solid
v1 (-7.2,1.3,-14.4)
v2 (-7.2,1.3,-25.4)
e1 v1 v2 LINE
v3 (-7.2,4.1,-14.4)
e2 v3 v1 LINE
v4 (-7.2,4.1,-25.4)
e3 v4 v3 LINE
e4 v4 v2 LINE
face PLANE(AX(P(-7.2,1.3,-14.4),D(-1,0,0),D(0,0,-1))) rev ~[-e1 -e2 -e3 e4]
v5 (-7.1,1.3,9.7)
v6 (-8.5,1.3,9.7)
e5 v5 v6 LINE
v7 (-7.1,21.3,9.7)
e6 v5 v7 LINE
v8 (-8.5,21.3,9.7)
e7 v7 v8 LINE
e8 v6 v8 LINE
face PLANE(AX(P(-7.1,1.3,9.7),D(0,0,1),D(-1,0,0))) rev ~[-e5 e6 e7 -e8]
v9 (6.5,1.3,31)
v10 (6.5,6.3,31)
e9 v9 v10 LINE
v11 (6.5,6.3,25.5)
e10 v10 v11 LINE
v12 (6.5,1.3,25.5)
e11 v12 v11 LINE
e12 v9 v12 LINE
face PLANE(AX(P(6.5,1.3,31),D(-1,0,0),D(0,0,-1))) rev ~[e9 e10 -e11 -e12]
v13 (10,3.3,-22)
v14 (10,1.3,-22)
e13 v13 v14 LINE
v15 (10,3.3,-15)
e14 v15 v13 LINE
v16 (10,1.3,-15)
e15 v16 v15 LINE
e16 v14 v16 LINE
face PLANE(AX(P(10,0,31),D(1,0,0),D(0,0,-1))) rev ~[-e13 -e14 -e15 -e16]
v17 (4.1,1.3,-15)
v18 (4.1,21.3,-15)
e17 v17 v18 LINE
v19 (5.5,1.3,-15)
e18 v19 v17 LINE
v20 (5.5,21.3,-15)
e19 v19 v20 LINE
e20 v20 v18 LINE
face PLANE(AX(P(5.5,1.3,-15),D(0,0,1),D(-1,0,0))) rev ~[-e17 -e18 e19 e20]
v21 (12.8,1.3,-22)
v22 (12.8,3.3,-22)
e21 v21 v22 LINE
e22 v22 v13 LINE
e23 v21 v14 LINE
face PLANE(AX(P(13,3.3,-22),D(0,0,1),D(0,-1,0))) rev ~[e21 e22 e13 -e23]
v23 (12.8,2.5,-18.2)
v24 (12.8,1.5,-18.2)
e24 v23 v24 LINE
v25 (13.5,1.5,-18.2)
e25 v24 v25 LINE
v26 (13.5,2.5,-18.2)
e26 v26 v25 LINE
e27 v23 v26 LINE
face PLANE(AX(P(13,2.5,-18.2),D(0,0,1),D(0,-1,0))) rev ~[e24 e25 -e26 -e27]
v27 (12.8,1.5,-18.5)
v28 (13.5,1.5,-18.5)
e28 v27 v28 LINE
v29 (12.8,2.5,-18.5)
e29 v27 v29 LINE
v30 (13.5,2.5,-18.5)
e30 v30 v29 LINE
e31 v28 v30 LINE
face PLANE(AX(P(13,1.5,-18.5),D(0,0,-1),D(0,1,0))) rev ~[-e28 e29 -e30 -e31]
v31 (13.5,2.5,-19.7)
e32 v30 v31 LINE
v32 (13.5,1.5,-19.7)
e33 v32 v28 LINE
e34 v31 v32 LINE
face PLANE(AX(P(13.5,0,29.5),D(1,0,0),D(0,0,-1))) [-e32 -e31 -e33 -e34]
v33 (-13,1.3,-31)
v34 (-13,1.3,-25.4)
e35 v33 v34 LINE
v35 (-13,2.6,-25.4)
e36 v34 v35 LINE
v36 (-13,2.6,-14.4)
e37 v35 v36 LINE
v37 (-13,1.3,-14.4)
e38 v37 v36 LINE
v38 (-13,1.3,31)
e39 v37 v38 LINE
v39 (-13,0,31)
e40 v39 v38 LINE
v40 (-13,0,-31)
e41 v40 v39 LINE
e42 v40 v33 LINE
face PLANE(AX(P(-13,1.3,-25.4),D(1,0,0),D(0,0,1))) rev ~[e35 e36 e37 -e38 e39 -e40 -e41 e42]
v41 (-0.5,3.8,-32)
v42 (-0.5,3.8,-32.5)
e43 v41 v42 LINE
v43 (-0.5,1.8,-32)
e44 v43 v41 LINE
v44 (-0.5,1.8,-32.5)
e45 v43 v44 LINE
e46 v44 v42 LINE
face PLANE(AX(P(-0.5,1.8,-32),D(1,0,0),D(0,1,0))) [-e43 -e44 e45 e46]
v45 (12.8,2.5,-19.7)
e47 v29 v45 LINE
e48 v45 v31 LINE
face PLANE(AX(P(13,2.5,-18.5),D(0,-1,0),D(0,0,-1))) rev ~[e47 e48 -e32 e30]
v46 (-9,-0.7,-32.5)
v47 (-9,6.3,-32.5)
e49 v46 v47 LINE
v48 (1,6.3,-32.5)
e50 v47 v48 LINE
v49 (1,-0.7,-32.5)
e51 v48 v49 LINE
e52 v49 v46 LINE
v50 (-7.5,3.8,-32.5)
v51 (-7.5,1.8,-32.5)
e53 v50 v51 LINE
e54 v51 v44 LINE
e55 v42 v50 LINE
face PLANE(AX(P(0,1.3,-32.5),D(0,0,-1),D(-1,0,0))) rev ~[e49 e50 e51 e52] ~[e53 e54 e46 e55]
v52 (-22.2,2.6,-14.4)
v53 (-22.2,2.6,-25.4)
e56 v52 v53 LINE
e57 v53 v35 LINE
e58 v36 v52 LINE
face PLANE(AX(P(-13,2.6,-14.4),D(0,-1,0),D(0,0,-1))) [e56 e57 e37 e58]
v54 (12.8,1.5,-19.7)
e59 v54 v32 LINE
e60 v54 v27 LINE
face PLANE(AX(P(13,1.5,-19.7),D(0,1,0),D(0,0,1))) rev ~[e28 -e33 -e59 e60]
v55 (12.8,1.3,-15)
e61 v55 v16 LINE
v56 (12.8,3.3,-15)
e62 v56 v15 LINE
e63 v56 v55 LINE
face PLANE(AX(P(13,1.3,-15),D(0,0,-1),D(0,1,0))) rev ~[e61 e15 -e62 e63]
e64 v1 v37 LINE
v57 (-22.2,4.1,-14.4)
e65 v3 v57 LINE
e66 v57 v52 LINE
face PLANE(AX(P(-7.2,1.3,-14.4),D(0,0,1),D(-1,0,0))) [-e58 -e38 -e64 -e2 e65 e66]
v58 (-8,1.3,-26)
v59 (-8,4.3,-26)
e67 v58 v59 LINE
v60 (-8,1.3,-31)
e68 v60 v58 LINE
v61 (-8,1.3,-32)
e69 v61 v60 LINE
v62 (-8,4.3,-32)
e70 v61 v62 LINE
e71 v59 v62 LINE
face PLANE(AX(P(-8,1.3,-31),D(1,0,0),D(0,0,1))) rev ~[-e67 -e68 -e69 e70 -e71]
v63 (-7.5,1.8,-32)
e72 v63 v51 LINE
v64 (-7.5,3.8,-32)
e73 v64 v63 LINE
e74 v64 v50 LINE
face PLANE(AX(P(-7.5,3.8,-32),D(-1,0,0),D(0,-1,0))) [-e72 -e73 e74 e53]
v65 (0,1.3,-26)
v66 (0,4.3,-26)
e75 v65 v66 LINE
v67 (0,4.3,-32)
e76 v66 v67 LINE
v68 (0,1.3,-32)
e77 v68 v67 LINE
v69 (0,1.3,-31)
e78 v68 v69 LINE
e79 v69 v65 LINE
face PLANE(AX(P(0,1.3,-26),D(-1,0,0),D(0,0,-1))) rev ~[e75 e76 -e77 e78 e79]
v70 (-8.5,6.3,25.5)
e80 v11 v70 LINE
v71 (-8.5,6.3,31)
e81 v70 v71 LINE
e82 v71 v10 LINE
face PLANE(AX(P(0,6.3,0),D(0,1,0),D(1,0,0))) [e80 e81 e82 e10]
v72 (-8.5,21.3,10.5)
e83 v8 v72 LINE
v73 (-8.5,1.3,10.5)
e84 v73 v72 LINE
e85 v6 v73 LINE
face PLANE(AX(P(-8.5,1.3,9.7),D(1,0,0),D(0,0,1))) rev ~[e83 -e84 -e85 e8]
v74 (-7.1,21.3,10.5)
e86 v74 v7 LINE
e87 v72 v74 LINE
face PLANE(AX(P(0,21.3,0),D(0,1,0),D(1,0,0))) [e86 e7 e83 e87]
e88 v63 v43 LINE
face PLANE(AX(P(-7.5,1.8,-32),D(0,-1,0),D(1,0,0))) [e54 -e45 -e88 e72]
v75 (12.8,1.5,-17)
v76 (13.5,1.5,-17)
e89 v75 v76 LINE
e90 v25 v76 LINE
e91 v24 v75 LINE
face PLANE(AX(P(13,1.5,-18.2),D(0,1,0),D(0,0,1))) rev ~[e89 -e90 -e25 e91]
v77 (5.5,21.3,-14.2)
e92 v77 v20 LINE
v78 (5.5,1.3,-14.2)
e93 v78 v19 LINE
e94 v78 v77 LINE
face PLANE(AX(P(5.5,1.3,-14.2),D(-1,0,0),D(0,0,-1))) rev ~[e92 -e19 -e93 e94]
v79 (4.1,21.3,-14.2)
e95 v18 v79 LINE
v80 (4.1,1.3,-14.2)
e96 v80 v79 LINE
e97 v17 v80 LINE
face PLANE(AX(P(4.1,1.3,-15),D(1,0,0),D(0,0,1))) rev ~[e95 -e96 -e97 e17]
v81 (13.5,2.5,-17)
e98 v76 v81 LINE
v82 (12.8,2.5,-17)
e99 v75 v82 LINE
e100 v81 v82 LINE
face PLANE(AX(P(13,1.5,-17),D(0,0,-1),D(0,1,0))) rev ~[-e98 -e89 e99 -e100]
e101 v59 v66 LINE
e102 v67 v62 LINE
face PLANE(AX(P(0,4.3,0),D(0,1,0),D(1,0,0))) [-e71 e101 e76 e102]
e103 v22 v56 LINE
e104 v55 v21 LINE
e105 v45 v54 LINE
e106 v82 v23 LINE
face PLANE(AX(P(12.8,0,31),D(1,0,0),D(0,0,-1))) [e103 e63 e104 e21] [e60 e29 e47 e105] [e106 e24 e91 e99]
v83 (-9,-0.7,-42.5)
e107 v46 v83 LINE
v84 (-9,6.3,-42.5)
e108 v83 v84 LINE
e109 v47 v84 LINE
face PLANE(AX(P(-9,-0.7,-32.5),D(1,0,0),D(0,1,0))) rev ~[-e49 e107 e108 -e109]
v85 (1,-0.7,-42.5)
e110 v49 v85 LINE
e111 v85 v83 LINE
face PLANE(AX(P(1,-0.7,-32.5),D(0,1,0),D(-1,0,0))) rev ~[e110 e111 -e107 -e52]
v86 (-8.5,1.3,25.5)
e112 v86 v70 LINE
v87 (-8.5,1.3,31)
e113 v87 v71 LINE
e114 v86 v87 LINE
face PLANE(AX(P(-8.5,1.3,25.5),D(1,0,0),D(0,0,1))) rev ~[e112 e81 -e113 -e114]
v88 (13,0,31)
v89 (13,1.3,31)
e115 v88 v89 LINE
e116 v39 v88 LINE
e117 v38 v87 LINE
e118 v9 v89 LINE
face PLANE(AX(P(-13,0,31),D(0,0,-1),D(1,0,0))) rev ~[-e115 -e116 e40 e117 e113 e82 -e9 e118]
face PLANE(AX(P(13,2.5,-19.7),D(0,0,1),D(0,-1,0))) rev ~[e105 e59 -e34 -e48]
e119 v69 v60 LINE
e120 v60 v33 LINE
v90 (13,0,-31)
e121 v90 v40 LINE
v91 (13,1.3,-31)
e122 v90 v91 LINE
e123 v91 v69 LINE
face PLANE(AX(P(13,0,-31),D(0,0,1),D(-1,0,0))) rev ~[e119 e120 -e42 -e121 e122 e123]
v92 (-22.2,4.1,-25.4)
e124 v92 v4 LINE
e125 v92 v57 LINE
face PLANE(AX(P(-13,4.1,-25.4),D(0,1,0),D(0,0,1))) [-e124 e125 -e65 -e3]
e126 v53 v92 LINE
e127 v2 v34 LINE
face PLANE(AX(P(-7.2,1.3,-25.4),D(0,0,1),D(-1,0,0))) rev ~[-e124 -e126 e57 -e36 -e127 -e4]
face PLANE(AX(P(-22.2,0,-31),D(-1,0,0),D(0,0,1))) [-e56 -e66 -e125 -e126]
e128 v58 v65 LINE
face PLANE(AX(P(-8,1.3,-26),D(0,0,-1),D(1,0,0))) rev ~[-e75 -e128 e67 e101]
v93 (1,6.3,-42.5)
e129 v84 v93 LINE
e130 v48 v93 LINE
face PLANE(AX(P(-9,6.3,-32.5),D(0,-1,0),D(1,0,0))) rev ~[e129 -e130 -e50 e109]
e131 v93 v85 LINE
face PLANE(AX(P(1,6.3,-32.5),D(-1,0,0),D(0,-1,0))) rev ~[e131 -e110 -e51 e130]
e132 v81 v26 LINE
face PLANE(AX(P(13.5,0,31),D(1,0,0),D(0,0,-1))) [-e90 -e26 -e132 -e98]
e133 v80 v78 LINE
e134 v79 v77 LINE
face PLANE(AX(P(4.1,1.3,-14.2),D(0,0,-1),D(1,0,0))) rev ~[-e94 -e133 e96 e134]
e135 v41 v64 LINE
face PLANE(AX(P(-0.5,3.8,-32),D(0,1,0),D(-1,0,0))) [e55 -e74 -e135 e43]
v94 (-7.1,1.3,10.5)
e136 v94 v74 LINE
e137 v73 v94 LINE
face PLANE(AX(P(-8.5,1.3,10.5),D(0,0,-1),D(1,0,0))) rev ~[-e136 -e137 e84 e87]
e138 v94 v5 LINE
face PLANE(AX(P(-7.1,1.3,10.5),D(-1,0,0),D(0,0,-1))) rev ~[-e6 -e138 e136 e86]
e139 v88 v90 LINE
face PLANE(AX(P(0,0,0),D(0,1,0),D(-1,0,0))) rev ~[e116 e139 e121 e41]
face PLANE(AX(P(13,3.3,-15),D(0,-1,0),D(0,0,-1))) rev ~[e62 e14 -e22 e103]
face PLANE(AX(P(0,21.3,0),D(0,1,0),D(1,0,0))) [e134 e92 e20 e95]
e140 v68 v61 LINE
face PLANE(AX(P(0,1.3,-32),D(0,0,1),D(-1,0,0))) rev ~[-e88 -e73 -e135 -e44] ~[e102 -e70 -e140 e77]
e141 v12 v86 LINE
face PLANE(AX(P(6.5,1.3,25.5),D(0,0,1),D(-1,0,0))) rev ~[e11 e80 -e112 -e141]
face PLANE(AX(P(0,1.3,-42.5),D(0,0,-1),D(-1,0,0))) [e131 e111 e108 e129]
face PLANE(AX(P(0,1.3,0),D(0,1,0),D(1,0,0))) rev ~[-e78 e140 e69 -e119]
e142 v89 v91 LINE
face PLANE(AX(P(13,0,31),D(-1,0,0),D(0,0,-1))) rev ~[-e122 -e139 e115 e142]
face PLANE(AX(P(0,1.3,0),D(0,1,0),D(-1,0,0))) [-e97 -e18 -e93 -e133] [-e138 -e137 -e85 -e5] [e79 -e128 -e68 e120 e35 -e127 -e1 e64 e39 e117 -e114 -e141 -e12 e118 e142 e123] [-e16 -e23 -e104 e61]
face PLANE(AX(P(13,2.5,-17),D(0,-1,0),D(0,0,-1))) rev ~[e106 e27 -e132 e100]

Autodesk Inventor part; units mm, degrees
ref_plane "YZ Plane" through (0, 0, 0) normal (1, 0, 0) x (0, 1, 0)
ref_plane "XZ Plane" through (0, 0, 0) normal (0, 1, 0) x (-1, 0, 0)
ref_plane "XY Plane" through (0, 0, 0) normal (0, 0, 1) x (1, 0, 0)
sketch "Sketch1" plane through (0, 0, 0) normal (0, 1, 0) x (-1, 0, 0)
  line L0 (-13, -31) -> (13, -31)
  line L1 (13, -31) -> (13, 31)
  line L2 (13, 31) -> (-13, 31)
  line L3 (-13, 31) -> (-13, -31)
  line L4 (-13, -31) -> (13, 31) construction
  line L5 (13, -31) -> (-13, 31) construction
  point P0 (0, 0)
  dimension "d0" = 26
  dimension "d1" = 62
extrude "Extrusion1" add sketch "Sketch1" along normal blind 1.3
sketch "Sketch2" plane through (0, 1.3, 0) normal (0, 1, 0) x (1, 0, 0)
  line L0 (-8, 26) -> (0, 26)
  line L1 (0, 26) -> (0, 32)
  line L2 (0, 32) -> (-8, 32)
  line L3 (-8, 32) -> (-8, 26)
  line L4 (13, 31) -> (-13, 31) projected
  line L5 (-13, 31) -> (-13, -31) projected
  point P0 (0, 0)
  dimension "d4" = 8
  dimension "d5" = 6
  dimension "d6" = 1
  dimension "d7" = 5
extrude "Extrusion2" add sketch "Sketch2" along normal blind 3
sketch "Sketch3" plane through (-13, 0, -31) normal (-1, 0, 0) x (0, 0, 1)
  line L0 (16.6, 2.6) -> (5.6, 2.6)
  line L1 (5.6, 2.6) -> (5.6, 4.1)
  line L2 (5.6, 4.1) -> (16.6, 4.1)
  line L3 (16.6, 4.1) -> (16.6, 2.6)
  line L4 (0, 0) -> (62, 0) projected
  line L5 (0, 0) -> (0, 1.3) projected
  point P0 (31, 0)
  dimension "d10" = 11
  dimension "d11" = 1.5
  dimension "d12" = 2.6
  dimension "d13" = 5.6
extrude "Extrusion3" add sketch "Sketch3" along normal blind 9.2 and the other way blind 5.8
sketch "Sketch4" plane through (0, 1.3, 0) normal (0, 1, 0) x (1, 0, 0)
  line L0 (-13, 31) -> (-13, -31) projected
  line L1 (-7.2, 25.4) -> (-22.2, 25.4) projected
  line L2 (-7.2, 14.4) -> (-22.2, 14.4) projected
  line L3 (-7.2, 25.4) -> (-13, 25.4)
  line L4 (-13, 25.4) -> (-13, 14.4)
  line L5 (-13, 14.4) -> (-7.2, 14.4)
  line L6 (-7.2, 14.4) -> (-7.2, 25.4)
  point P0 (0, 0)
  point P1 (-13, 25.4)
extrude "Extrusion4" add sketch "Sketch4" along normal up to surface (2.8 mm away)
sketch "Sketch5" plane through (13, 0, 31) normal (1, 0, 0) x (0, 0, -1)
  line L0 (46, 3.3) -> (53, 3.3)
  line L1 (53, 3.3) -> (53, 1.3)
  line L2 (53, 1.3) -> (46, 1.3)
  line L3 (46, 1.3) -> (46, 3.3)
  line L4 (0, 1.3) -> (62, 1.3) projected
  line L5 (62, 0) -> (62, 1.3) projected
  point P0 (31, 0)
  dimension "d20" = 16
  dimension "d21" = 7
  dimension "d22" = 2
extrude "Extrusion5" add sketch "Sketch5" against normal blind 3
sketch "Sketch6" plane through (13, 0, 31) normal (1, 0, 0) x (0, 0, -1)
  line L0 (48, 2.5) -> (49.2, 2.5)
  line L1 (49.2, 2.5) -> (49.2, 1.5)
  line L2 (49.2, 1.5) -> (48, 1.5)
  line L3 (48, 1.5) -> (48, 2.5)
  line L4 (62, 0) -> (62, 1.3) projected
  line L5 (0, 0) -> (62, 0) projected
  point P0 (31, 0)
  dimension "d25" = 1.2
  dimension "d26" = 1
  dimension "d27" = 14
  dimension "d28" = 2.5
extrude "Extrusion6" add sketch "Sketch6" along normal blind 0.5
pattern_linear "Rectangular Pattern1" count 2 spacing 1.5 along (0, 0, -1) of "Extrusion6"
sketch "Sketch7" plane through (0, 1.3, -32) normal (0, 0, -1) x (-1, 0, 0)
  line L0 (0, 0) -> (8, 0) projected
  line L1 (8, 0) -> (8, 3) projected
  line L2 (0, 3) -> (8, 3) projected
  line L3 (0, 0) -> (0, 3) projected
  line L4 (7.5, 2.5) -> (7.5, 0.5)
  line L5 (7.5, 0.5) -> (0.5, 0.5)
  line L6 (0.5, 0.5) -> (0.5, 2.5)
  line L7 (0.5, 2.5) -> (7.5, 2.5)
  point P0 (0, -1.3)
  dimension "d34" = 0.5
extrude "Extrusion7" add sketch "Sketch7" along normal blind 0.5 contours L4 L5 L6 L7
sketch "Sketch8" plane through (0, 1.3, -32.5) normal (0, 0, -1) x (-1, 0, 0)
  line L0 (7.5, 2.5) -> (0.5, 2.5) projected
  line L1 (0.5, 2.5) -> (0.5, 0.5) projected
  line L2 (0.5, 0.5) -> (7.5, 0.5) projected
  line L3 (7.5, 0.5) -> (7.5, 2.5) projected
  line L4 (9, 5) -> (-1, 5)
  line L5 (-1, 5) -> (-1, -2)
  line L6 (-1, -2) -> (9, -2)
  line L7 (9, -2) -> (9, 5)
  line L8 (9, 5) -> (-1, -2) construction
  line L9 (-1, 5) -> (9, -2) construction
  point P0 (0, -1.3)
  point P1 (4, 1.5)
  dimension "d37" = 10
  dimension "d38" = 7
extrude "Extrusion8" add sketch "Sketch8" along normal blind 10 contours L3 L2 L1 L0 | L7 L6 L5 L4
sketch "Sketch9" plane through (0, 1.3, 0) normal (0, 1, 0) x (1, 0, 0)
  line L0 (-13, -31) -> (13, -31) projected
  line L1 (-8.5, -31) -> (6.5, -31)
  line L2 (6.5, -31) -> (6.5, -25.5)
  line L3 (6.5, -25.5) -> (-8.5, -25.5)
  line L4 (-8.5, -25.5) -> (-8.5, -31)
  line L5 (-13, 14.4) -> (-13, -31) projected
  point P0 (0, 0)
  dimension "d41" = 15
  dimension "d42" = 5.5
  dimension "d43" = 4.5
extrude "Extrusion9" add sketch "Sketch9" along normal blind 5
sketch "Sketch10" plane through (0, 1.3, 0) normal (0, 1, 0) x (1, 0, 0)
  line L0 (-8.5, -10.5) -> (-7.1, -10.5)
  line L1 (-7.1, -10.5) -> (-7.1, -9.7)
  line L2 (-7.1, -9.7) -> (-8.5, -9.7)
  line L3 (-8.5, -9.7) -> (-8.5, -10.5)
  line L4 (-13, 14.4) -> (-13, -31) projected
  line L5 (-13, -31) -> (-8.5, -31) projected
  line L6 (5.5, 15) -> (4.1, 15)
  line L7 (4.1, 15) -> (4.1, 14.2)
  line L8 (4.1, 14.2) -> (5.5, 14.2)
  line L9 (5.5, 14.2) -> (5.5, 15)
  line L10 (13, -31) -> (13, 15) projected
  line L11 (13, 31) -> (0, 31) projected
  point P0 (0, 0)
  dimension "d46" = 4.5
  dimension "d47" = 20.5
  dimension "d48" = 0.8
  dimension "d49" = 1.4
  dimension "d50" = 7.5
  dimension "d51" = 16
  dimension "d52" = 0.8
  dimension "d53" = 1.4
extrude "Extrusion10" add sketch "Sketch10" along normal blind 20
sketch "Sketch11" plane through (13, 0, 31) normal (1, 0, 0) x (0, 0, -1)
  line L0 (49.5, 2.5) -> (50.7, 2.5) projected
  line L1 (50.7, 2.5) -> (50.7, 1.5) projected
  line L2 (50.7, 1.5) -> (49.5, 1.5) projected
  line L3 (49.5, 1.5) -> (49.5, 2.5) projected
  line L4 (48, 2.5) -> (49.2, 2.5) projected
  line L5 (49.2, 2.5) -> (49.2, 1.5) projected
  line L6 (49.2, 1.5) -> (48, 1.5) projected
  line L7 (48, 1.5) -> (48, 2.5) projected
  line L8 (0, 0) -> (62, 0) projected
  line L9 (62, 0) -> (62, 1.3) projected
  line L10 (53, 1.3) -> (62, 1.3) projected
  line L11 (53, 1.3) -> (53, 3.3) projected
  line L12 (53, 3.3) -> (46, 3.3) projected
  line L13 (46, 3.3) -> (46, 1.3) projected
  line L14 (0, 1.3) -> (46, 1.3) projected
  line L15 (0, 0) -> (0, 1.3) projected
  line L16 (46, 1.3) -> (53, 1.3) projected
  line L17 (46, 1.3) -> (53, 1.3)
  point P0 (31, 0)
extrude "Extrusion11" cut sketch "Sketch11" against normal blind 0.2 contours L13 L12 L11 L16
equation "\"d52\" = d48"
equation "\"d53\" = d49"
properties part number "esp32_t8"
